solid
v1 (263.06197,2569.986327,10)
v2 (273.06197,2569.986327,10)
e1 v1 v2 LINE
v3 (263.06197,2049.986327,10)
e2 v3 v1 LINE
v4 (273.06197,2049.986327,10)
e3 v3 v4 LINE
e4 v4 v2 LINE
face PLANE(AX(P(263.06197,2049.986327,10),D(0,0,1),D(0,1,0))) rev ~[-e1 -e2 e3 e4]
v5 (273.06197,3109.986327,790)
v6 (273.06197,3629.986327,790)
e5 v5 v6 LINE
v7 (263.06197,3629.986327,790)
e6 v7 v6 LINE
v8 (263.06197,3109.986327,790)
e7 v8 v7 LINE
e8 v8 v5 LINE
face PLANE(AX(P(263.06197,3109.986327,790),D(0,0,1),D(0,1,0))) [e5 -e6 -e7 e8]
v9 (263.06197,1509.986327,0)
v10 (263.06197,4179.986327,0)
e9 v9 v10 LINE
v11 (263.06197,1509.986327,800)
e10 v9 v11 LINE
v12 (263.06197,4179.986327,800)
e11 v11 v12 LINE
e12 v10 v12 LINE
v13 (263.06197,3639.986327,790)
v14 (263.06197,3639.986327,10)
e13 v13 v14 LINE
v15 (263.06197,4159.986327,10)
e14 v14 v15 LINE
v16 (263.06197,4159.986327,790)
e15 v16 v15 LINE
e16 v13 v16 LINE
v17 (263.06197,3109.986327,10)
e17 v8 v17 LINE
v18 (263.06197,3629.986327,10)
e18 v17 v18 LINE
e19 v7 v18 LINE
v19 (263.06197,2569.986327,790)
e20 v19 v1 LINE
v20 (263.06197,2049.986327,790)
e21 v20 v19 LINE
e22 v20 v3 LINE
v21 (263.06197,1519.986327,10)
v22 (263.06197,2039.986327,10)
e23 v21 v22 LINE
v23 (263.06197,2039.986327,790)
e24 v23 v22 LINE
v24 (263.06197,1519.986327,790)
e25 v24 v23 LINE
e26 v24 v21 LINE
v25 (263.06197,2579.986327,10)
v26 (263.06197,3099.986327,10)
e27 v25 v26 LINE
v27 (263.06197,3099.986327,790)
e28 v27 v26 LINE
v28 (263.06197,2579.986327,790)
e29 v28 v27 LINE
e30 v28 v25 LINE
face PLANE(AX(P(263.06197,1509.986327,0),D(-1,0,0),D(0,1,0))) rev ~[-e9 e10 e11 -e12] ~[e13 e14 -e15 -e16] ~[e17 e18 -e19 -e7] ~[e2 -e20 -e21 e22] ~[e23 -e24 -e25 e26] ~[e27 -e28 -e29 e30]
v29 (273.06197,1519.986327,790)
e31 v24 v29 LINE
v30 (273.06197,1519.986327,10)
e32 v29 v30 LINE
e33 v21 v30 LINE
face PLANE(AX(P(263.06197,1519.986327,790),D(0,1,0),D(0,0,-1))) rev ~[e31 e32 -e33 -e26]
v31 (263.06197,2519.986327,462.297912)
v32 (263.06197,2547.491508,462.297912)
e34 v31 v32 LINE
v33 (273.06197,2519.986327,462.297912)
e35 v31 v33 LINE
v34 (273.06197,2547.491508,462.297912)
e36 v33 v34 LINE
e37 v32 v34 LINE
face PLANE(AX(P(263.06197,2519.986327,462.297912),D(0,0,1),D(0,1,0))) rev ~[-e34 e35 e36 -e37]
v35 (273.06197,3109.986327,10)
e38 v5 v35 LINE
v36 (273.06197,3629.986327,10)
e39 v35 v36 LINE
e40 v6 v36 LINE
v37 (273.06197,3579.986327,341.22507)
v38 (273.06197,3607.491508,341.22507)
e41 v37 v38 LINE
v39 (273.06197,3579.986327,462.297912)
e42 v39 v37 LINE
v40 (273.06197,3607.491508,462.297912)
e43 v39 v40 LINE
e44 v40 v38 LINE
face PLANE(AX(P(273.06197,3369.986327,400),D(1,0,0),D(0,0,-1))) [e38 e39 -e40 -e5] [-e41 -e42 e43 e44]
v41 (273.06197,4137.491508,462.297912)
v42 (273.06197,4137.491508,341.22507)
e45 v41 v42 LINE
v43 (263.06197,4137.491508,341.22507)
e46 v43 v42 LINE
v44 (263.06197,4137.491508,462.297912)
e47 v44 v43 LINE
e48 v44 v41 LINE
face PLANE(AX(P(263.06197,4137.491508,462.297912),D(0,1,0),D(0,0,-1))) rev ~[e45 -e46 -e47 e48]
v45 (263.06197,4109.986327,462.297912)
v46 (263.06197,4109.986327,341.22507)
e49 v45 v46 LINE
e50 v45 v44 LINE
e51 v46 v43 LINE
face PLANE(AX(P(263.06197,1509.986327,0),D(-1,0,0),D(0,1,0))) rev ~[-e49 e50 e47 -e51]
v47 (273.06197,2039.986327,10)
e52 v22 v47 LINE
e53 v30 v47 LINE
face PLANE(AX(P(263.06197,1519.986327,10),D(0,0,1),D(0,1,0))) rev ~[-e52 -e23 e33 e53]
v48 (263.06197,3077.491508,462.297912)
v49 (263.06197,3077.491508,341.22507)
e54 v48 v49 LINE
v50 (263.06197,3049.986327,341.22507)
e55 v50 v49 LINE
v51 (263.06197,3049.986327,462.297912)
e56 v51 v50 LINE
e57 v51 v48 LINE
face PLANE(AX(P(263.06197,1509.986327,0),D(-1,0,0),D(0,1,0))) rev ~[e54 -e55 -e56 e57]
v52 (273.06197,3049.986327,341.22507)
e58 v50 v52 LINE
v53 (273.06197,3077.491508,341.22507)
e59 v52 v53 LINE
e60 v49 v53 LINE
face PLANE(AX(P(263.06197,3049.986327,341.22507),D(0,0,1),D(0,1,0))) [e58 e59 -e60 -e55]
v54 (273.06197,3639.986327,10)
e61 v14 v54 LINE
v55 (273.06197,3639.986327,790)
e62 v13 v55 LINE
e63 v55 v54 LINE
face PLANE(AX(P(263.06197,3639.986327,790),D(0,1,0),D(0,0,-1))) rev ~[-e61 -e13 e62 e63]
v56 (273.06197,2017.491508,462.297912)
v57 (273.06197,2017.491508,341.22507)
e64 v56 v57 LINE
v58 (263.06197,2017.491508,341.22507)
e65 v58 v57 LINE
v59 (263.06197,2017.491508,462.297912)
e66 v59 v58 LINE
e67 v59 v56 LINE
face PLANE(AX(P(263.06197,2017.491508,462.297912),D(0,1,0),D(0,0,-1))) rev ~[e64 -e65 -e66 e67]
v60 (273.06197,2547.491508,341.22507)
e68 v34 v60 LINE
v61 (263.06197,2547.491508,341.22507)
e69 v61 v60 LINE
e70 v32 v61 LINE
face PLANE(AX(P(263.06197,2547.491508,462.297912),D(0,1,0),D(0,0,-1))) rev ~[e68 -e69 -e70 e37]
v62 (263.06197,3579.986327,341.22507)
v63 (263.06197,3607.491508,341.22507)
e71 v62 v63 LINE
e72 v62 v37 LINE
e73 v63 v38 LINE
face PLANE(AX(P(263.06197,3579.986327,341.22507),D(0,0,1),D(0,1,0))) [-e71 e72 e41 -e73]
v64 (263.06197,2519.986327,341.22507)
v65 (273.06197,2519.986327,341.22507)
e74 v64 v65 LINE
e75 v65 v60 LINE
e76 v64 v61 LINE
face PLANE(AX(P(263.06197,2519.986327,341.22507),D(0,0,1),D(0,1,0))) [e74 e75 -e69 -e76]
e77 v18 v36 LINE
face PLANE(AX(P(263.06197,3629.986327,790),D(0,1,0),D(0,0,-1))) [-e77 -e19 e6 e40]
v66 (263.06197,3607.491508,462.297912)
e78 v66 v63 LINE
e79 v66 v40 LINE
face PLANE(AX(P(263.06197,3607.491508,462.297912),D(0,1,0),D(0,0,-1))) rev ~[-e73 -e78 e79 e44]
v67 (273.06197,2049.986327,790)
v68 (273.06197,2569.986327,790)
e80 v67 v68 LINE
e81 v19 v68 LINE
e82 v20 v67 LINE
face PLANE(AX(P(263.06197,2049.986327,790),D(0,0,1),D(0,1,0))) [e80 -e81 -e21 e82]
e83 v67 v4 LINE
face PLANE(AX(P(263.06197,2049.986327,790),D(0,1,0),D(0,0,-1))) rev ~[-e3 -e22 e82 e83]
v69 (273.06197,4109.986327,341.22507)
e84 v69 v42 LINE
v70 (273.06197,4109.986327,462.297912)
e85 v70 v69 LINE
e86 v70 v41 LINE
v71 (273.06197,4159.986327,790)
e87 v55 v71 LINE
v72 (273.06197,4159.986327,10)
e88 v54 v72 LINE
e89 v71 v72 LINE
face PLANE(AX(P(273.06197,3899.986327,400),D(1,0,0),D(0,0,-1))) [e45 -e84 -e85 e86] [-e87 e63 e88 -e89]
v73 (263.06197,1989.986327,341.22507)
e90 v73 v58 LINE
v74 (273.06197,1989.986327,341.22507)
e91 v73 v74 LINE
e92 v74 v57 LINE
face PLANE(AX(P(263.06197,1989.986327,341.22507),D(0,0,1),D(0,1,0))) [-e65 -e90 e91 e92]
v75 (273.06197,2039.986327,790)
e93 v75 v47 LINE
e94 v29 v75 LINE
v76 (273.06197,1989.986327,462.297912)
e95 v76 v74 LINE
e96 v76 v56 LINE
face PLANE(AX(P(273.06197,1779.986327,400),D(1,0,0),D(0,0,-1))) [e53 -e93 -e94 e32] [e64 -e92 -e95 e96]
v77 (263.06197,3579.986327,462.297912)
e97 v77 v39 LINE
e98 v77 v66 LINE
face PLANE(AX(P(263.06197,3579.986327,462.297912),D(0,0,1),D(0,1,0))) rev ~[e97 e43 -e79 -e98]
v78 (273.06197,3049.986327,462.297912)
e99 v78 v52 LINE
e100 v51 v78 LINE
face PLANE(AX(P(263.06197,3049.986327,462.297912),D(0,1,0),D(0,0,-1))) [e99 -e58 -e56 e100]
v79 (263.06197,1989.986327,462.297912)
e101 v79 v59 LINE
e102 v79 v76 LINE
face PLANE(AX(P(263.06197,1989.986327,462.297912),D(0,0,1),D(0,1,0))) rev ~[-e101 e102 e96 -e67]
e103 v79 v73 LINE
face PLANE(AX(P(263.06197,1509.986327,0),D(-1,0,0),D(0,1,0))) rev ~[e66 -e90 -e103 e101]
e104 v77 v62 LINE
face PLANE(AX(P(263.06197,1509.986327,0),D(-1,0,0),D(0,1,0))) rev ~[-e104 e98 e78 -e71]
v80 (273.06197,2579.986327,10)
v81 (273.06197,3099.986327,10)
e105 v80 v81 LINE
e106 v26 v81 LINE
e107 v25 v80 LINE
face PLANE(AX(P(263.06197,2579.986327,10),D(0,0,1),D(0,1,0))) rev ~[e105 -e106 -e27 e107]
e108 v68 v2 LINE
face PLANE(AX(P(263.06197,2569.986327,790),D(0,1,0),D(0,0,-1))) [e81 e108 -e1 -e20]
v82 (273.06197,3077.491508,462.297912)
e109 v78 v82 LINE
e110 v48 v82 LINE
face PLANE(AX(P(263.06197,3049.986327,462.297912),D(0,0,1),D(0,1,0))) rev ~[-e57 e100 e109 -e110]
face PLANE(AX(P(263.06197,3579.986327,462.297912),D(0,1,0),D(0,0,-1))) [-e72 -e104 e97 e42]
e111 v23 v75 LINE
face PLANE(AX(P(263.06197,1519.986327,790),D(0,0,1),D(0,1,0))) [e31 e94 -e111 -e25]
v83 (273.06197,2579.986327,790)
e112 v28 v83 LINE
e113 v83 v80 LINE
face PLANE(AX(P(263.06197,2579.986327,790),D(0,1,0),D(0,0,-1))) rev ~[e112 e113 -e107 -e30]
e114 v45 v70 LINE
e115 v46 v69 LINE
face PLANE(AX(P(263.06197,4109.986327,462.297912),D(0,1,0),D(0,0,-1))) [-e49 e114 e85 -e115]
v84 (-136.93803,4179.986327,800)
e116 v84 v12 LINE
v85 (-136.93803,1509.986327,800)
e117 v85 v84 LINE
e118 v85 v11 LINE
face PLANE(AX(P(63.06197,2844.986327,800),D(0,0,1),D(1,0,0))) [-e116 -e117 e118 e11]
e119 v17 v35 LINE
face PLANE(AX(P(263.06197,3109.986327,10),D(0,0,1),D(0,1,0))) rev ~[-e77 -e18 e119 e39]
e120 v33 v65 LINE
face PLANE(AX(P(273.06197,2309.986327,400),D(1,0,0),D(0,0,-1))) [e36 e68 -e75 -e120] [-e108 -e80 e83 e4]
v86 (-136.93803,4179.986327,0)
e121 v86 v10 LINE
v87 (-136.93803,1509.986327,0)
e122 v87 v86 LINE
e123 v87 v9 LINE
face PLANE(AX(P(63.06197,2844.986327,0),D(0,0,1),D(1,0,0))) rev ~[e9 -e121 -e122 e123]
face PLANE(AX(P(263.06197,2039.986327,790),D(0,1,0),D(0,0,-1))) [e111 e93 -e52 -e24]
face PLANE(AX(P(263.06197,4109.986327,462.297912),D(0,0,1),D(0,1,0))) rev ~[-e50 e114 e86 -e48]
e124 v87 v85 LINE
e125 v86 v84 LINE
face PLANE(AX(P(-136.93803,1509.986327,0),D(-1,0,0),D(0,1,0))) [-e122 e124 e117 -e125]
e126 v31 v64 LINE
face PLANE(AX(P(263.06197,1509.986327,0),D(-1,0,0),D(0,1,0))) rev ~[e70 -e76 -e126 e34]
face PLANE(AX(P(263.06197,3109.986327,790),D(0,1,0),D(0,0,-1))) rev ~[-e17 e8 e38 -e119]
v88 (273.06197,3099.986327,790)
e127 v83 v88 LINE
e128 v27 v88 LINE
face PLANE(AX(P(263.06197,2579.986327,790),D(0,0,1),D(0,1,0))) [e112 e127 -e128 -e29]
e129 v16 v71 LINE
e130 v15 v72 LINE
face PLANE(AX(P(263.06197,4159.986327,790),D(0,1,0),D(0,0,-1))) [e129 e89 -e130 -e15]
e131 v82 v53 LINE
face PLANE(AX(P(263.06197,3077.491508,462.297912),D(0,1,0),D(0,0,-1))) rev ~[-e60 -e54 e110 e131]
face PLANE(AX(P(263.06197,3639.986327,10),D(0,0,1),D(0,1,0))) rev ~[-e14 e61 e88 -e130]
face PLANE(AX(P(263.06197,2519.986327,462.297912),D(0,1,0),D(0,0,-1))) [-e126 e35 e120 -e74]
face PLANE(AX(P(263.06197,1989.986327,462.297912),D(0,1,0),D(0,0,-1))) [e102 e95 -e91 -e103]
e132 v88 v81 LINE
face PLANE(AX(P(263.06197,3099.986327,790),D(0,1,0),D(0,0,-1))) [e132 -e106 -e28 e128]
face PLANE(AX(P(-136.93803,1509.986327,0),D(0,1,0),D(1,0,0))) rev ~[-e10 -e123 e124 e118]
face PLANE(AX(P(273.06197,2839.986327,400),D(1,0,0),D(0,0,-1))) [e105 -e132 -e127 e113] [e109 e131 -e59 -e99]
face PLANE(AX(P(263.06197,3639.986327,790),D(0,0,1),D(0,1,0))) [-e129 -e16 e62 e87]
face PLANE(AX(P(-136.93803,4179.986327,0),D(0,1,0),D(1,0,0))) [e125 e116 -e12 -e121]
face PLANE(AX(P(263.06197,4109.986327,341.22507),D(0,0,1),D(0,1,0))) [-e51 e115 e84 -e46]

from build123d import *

# Parameters (mm, degrees)
SKETCH1_W           = 400
SKETCH1_H           = 2670
BOSS_EXTRUDE1_DEPTH = 800
SKETCH3_W           = 780
SKETCH3_H           = 520
SKETCH3_W_2         = 121.072841775
SKETCH3_H_2         = 27.505181151
BOSS_EXTRUDE3_DEPTH = 10


with BuildPart() as part:
    # Sketch1 → Boss-Extrude1 (new body)
    with BuildSketch(Plane.XY):
        with Locations((63.061970043, 2844.986327315)):
            Rectangle(SKETCH1_W, SKETCH1_H)
    extrude(amount=BOSS_EXTRUDE1_DEPTH)

    # Sketch3 → Boss-Extrude3 (add)
    with BuildSketch(Plane(origin=(263.061970043, 0, 0), x_dir=(0, 0, -1), z_dir=(1, 0, 0))):
        with Locations((-400, 2309.986327315)):
            Rectangle(SKETCH3_W, SKETCH3_H)
        with Locations((-401.761491339, 2533.738917891)):
            Rectangle(SKETCH3_W_2, SKETCH3_H_2, mode=Mode.SUBTRACT)
        with Locations((-400, 2839.986327315)):
            Rectangle(SKETCH3_W, SKETCH3_H)
        with Locations((-401.761491339, 3063.738917891)):
            Rectangle(SKETCH3_W_2, SKETCH3_H_2, mode=Mode.SUBTRACT)
        with Locations((-400, 3369.986327315)):
            Rectangle(SKETCH3_W, SKETCH3_H)
        with Locations((-401.761491339, 3593.738917891)):
            Rectangle(SKETCH3_W_2, SKETCH3_H_2, mode=Mode.SUBTRACT)
        with Locations((-400, 3899.986327315)):
            Rectangle(SKETCH3_W, SKETCH3_H)
        with Locations((-401.761491339, 4123.738917891)):
            Rectangle(SKETCH3_W_2, SKETCH3_H_2, mode=Mode.SUBTRACT)
        with Locations((-400, 1779.986327315)):
            Rectangle(SKETCH3_W, SKETCH3_H)
        with Locations((-401.761491339, 2003.738917891)):
            Rectangle(SKETCH3_W_2, SKETCH3_H_2, mode=Mode.SUBTRACT)
    extrude(amount=BOSS_EXTRUDE3_DEPTH)


solid = part.part
